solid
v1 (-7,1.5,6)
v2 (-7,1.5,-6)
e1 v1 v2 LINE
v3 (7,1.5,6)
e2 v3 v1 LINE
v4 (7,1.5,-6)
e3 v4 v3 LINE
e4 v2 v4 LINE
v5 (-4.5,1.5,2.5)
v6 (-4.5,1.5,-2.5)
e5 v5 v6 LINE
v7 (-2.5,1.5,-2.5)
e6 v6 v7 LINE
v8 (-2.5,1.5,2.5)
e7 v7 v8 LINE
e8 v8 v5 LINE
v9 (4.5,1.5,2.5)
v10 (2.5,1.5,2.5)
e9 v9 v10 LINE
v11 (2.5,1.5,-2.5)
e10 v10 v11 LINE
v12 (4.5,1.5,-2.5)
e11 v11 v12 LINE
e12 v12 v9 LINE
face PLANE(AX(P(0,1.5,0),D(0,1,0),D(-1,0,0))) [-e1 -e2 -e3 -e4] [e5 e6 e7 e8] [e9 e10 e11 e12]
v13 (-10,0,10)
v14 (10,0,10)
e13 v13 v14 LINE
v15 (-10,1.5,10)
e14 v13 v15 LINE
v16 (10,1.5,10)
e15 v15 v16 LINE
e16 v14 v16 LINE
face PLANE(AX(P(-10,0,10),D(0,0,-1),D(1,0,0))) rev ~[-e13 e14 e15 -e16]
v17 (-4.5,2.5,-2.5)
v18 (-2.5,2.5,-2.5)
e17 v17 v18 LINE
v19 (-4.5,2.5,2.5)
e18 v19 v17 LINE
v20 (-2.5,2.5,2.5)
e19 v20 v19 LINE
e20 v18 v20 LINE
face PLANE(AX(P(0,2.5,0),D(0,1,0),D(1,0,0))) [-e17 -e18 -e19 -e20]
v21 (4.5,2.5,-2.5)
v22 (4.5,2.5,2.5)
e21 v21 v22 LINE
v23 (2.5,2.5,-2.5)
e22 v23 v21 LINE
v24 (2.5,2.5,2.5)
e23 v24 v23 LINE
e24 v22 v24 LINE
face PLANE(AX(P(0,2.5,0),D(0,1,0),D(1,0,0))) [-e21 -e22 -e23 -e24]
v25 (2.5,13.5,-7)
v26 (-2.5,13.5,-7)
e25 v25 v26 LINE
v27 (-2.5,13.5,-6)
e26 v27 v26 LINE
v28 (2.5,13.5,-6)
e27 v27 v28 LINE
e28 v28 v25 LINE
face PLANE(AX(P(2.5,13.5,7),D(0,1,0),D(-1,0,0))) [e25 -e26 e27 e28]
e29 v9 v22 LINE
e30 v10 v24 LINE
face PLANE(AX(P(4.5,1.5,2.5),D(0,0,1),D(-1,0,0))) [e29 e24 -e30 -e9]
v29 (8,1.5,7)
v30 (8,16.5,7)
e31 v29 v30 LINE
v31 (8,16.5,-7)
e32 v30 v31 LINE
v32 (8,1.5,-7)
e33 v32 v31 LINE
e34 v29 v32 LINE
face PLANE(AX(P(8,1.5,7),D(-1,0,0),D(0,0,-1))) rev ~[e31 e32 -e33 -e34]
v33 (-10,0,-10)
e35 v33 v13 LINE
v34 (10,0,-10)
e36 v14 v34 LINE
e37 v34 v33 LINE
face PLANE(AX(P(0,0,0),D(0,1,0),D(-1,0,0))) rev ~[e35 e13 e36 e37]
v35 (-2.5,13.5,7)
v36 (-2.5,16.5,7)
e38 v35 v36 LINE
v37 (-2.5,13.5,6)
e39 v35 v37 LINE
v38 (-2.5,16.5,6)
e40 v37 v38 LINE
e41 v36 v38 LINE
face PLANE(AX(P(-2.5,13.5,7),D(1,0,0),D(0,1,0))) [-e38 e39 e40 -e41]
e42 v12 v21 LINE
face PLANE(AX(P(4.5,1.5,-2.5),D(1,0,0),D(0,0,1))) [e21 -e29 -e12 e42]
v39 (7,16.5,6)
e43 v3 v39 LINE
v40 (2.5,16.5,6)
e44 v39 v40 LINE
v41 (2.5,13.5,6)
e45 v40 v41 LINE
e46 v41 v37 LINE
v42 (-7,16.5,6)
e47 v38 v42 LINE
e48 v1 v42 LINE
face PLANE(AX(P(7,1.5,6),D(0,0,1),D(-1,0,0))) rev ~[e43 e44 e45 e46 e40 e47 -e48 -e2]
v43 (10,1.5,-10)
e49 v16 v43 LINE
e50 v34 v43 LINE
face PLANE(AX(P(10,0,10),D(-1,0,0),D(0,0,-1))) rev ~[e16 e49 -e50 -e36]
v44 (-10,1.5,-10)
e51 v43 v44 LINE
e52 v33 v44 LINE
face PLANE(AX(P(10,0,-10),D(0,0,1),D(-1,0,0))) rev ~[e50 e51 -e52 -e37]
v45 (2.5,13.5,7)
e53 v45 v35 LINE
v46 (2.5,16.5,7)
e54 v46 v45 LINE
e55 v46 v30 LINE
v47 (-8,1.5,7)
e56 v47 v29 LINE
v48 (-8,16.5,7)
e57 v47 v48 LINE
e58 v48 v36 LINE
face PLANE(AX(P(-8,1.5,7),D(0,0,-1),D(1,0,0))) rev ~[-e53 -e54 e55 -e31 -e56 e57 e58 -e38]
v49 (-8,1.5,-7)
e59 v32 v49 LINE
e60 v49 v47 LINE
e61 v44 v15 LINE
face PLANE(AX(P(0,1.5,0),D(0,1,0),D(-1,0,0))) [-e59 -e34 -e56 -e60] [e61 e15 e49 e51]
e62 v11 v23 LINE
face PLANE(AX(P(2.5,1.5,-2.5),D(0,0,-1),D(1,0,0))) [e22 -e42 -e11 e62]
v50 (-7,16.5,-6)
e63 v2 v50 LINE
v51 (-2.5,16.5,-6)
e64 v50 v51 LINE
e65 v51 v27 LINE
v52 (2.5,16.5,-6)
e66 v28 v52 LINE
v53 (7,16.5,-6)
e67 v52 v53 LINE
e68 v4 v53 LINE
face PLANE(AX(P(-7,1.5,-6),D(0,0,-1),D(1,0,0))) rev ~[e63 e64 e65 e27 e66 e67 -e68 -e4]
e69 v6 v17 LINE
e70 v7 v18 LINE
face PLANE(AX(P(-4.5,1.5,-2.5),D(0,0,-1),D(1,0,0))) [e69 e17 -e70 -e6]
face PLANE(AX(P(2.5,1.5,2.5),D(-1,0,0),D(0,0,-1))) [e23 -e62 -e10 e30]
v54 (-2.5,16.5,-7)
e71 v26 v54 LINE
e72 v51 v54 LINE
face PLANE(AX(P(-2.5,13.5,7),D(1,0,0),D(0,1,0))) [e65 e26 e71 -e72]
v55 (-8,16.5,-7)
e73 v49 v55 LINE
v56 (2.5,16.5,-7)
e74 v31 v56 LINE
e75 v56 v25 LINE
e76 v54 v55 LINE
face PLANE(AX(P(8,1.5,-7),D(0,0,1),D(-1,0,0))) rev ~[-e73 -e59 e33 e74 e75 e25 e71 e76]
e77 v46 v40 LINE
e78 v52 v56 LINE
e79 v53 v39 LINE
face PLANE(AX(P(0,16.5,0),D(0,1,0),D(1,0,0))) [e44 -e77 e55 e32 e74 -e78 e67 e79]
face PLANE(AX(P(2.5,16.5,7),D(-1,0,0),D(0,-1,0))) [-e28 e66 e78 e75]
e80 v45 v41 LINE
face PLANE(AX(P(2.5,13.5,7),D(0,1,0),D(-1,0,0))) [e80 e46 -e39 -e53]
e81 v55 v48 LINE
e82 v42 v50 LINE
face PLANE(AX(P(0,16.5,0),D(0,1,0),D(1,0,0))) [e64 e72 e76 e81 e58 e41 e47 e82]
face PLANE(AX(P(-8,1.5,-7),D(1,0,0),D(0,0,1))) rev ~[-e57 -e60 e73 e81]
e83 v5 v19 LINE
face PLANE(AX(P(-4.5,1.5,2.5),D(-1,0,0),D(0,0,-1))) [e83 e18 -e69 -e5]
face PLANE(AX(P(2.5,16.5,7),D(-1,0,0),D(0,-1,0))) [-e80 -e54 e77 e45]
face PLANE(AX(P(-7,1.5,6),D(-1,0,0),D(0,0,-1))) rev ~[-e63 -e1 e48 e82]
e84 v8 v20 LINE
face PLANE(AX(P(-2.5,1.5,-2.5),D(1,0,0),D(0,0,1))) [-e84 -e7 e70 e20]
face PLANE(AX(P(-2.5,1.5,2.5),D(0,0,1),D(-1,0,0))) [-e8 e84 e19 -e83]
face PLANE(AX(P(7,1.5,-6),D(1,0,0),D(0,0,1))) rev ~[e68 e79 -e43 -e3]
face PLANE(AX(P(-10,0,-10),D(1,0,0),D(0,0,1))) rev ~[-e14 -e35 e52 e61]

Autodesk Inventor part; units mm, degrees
ref_plane "YZ Plane" through (0, 0, 0) normal (1, 0, 0) x (0, 1, 0)
ref_plane "XZ Plane" through (0, 0, 0) normal (0, 1, 0) x (-1, 0, 0)
ref_plane "XY Plane" through (0, 0, 0) normal (0, 0, 1) x (1, 0, 0)
sketch "草圖8" plane through (0, 0, 0) normal (0, 1, 0) x (-1, 0, 0)
  line L0 (10, 10) -> (-10, 10)
  line L1 (-10, 10) -> (-10, -10)
  line L2 (-10, -10) -> (10, -10)
  line L3 (10, -10) -> (10, 10)
  line L4 (10, 10) -> (-10, -10) construction
  line L5 (-10, 10) -> (10, -10) construction
  point P0 (0, 0)
  dimension "d36" = 20
  dimension "d37" = 20
extrude "擠出8" add sketch "草圖8" along normal blind 1.5
sketch "草圖9" plane through (0, 1.5, 0) normal (0, 1, 0) x (1, 0, 0)
  line L0 (-8, -7) -> (8, -7)
  line L1 (8, -7) -> (8, 7)
  line L2 (8, 7) -> (-8, 7)
  line L3 (-8, 7) -> (-8, -7)
  line L4 (-8, -7) -> (8, 7) construction
  line L5 (8, -7) -> (-8, 7) construction
  line L6 (-7, 6) -> (7, 6)
  line L7 (7, 6) -> (7, -6)
  line L8 (7, -6) -> (-7, -6)
  line L9 (-7, -6) -> (-7, 6)
  line L10 (-7, 6) -> (7, -6) construction
  line L11 (7, 6) -> (-7, -6) construction
  point P0 (0, 0)
  dimension "d40" = 16
  dimension "d41" = 14
  dimension "d46" = 14
  dimension "d47" = 12
extrude "擠出10" add sketch "草圖9" along normal blind 15
sketch "草圖11" plane through (-8, 1.5, 7) normal (0, 0, 1) x (1, 0, 0)
  line L0 (5.5, 18) -> (10.5, 18)
  line L1 (10.5, 18) -> (10.5, 12)
  line L2 (10.5, 12) -> (5.5, 12)
  line L3 (5.5, 12) -> (5.5, 18)
  line L4 (16, 15) -> (0, 15) projected
  line L5 (5.5, 18) -> (10.5, 12) construction
  line L6 (10.5, 18) -> (5.5, 12) construction
  point P0 (8, -1.5)
  point P1 (8, 15)
  point P2 (10.5, 15)
  point P3 (5.5, 15)
  dimension "d50" = 5
  dimension "d51" = 6
extrude "擠出11" cut sketch "草圖11" against normal blind 15 contours L4 L1 L2 L3
sketch "草圖12" plane through (0, 1.5, 0) normal (0, 1, 0) x (1, 0, 0)
  line L0 (-4.5, 2.5) -> (-2.5, 2.5)
  line L1 (-2.5, 2.5) -> (-2.5, -2.5)
  line L2 (-2.5, -2.5) -> (-4.5, -2.5)
  line L3 (-4.5, -2.5) -> (-4.5, 2.5)
  line L4 (-4.5, 2.5) -> (-2.5, -2.5) construction
  line L5 (-2.5, 2.5) -> (-4.5, -2.5) construction
  line L6 (2.5, 2.5) -> (4.5, 2.5)
  line L7 (4.5, 2.5) -> (4.5, -2.5)
  line L8 (4.5, -2.5) -> (2.5, -2.5)
  line L9 (2.5, -2.5) -> (2.5, 2.5)
  line L10 (2.5, 2.5) -> (4.5, -2.5) construction
  line L11 (4.5, 2.5) -> (2.5, -2.5) construction
  line L12 (7, 6) -> (7, -6) projected
  point P0 (0, 0)
  point P1 (-3.5, 0)
  point P2 (3.5, 0)
  point P3 (7, 0)
  dimension "d54" = 5
  dimension "d55" = 2
  dimension "d56" = 5
  dimension "d57" = 2
  dimension "d58" = 3.5
  dimension "d59" = 3.5
  dimension "d60" = 3.5
extrude "擠出12" add sketch "草圖12" along normal blind 1
properties part number "差分線圈激勵"
